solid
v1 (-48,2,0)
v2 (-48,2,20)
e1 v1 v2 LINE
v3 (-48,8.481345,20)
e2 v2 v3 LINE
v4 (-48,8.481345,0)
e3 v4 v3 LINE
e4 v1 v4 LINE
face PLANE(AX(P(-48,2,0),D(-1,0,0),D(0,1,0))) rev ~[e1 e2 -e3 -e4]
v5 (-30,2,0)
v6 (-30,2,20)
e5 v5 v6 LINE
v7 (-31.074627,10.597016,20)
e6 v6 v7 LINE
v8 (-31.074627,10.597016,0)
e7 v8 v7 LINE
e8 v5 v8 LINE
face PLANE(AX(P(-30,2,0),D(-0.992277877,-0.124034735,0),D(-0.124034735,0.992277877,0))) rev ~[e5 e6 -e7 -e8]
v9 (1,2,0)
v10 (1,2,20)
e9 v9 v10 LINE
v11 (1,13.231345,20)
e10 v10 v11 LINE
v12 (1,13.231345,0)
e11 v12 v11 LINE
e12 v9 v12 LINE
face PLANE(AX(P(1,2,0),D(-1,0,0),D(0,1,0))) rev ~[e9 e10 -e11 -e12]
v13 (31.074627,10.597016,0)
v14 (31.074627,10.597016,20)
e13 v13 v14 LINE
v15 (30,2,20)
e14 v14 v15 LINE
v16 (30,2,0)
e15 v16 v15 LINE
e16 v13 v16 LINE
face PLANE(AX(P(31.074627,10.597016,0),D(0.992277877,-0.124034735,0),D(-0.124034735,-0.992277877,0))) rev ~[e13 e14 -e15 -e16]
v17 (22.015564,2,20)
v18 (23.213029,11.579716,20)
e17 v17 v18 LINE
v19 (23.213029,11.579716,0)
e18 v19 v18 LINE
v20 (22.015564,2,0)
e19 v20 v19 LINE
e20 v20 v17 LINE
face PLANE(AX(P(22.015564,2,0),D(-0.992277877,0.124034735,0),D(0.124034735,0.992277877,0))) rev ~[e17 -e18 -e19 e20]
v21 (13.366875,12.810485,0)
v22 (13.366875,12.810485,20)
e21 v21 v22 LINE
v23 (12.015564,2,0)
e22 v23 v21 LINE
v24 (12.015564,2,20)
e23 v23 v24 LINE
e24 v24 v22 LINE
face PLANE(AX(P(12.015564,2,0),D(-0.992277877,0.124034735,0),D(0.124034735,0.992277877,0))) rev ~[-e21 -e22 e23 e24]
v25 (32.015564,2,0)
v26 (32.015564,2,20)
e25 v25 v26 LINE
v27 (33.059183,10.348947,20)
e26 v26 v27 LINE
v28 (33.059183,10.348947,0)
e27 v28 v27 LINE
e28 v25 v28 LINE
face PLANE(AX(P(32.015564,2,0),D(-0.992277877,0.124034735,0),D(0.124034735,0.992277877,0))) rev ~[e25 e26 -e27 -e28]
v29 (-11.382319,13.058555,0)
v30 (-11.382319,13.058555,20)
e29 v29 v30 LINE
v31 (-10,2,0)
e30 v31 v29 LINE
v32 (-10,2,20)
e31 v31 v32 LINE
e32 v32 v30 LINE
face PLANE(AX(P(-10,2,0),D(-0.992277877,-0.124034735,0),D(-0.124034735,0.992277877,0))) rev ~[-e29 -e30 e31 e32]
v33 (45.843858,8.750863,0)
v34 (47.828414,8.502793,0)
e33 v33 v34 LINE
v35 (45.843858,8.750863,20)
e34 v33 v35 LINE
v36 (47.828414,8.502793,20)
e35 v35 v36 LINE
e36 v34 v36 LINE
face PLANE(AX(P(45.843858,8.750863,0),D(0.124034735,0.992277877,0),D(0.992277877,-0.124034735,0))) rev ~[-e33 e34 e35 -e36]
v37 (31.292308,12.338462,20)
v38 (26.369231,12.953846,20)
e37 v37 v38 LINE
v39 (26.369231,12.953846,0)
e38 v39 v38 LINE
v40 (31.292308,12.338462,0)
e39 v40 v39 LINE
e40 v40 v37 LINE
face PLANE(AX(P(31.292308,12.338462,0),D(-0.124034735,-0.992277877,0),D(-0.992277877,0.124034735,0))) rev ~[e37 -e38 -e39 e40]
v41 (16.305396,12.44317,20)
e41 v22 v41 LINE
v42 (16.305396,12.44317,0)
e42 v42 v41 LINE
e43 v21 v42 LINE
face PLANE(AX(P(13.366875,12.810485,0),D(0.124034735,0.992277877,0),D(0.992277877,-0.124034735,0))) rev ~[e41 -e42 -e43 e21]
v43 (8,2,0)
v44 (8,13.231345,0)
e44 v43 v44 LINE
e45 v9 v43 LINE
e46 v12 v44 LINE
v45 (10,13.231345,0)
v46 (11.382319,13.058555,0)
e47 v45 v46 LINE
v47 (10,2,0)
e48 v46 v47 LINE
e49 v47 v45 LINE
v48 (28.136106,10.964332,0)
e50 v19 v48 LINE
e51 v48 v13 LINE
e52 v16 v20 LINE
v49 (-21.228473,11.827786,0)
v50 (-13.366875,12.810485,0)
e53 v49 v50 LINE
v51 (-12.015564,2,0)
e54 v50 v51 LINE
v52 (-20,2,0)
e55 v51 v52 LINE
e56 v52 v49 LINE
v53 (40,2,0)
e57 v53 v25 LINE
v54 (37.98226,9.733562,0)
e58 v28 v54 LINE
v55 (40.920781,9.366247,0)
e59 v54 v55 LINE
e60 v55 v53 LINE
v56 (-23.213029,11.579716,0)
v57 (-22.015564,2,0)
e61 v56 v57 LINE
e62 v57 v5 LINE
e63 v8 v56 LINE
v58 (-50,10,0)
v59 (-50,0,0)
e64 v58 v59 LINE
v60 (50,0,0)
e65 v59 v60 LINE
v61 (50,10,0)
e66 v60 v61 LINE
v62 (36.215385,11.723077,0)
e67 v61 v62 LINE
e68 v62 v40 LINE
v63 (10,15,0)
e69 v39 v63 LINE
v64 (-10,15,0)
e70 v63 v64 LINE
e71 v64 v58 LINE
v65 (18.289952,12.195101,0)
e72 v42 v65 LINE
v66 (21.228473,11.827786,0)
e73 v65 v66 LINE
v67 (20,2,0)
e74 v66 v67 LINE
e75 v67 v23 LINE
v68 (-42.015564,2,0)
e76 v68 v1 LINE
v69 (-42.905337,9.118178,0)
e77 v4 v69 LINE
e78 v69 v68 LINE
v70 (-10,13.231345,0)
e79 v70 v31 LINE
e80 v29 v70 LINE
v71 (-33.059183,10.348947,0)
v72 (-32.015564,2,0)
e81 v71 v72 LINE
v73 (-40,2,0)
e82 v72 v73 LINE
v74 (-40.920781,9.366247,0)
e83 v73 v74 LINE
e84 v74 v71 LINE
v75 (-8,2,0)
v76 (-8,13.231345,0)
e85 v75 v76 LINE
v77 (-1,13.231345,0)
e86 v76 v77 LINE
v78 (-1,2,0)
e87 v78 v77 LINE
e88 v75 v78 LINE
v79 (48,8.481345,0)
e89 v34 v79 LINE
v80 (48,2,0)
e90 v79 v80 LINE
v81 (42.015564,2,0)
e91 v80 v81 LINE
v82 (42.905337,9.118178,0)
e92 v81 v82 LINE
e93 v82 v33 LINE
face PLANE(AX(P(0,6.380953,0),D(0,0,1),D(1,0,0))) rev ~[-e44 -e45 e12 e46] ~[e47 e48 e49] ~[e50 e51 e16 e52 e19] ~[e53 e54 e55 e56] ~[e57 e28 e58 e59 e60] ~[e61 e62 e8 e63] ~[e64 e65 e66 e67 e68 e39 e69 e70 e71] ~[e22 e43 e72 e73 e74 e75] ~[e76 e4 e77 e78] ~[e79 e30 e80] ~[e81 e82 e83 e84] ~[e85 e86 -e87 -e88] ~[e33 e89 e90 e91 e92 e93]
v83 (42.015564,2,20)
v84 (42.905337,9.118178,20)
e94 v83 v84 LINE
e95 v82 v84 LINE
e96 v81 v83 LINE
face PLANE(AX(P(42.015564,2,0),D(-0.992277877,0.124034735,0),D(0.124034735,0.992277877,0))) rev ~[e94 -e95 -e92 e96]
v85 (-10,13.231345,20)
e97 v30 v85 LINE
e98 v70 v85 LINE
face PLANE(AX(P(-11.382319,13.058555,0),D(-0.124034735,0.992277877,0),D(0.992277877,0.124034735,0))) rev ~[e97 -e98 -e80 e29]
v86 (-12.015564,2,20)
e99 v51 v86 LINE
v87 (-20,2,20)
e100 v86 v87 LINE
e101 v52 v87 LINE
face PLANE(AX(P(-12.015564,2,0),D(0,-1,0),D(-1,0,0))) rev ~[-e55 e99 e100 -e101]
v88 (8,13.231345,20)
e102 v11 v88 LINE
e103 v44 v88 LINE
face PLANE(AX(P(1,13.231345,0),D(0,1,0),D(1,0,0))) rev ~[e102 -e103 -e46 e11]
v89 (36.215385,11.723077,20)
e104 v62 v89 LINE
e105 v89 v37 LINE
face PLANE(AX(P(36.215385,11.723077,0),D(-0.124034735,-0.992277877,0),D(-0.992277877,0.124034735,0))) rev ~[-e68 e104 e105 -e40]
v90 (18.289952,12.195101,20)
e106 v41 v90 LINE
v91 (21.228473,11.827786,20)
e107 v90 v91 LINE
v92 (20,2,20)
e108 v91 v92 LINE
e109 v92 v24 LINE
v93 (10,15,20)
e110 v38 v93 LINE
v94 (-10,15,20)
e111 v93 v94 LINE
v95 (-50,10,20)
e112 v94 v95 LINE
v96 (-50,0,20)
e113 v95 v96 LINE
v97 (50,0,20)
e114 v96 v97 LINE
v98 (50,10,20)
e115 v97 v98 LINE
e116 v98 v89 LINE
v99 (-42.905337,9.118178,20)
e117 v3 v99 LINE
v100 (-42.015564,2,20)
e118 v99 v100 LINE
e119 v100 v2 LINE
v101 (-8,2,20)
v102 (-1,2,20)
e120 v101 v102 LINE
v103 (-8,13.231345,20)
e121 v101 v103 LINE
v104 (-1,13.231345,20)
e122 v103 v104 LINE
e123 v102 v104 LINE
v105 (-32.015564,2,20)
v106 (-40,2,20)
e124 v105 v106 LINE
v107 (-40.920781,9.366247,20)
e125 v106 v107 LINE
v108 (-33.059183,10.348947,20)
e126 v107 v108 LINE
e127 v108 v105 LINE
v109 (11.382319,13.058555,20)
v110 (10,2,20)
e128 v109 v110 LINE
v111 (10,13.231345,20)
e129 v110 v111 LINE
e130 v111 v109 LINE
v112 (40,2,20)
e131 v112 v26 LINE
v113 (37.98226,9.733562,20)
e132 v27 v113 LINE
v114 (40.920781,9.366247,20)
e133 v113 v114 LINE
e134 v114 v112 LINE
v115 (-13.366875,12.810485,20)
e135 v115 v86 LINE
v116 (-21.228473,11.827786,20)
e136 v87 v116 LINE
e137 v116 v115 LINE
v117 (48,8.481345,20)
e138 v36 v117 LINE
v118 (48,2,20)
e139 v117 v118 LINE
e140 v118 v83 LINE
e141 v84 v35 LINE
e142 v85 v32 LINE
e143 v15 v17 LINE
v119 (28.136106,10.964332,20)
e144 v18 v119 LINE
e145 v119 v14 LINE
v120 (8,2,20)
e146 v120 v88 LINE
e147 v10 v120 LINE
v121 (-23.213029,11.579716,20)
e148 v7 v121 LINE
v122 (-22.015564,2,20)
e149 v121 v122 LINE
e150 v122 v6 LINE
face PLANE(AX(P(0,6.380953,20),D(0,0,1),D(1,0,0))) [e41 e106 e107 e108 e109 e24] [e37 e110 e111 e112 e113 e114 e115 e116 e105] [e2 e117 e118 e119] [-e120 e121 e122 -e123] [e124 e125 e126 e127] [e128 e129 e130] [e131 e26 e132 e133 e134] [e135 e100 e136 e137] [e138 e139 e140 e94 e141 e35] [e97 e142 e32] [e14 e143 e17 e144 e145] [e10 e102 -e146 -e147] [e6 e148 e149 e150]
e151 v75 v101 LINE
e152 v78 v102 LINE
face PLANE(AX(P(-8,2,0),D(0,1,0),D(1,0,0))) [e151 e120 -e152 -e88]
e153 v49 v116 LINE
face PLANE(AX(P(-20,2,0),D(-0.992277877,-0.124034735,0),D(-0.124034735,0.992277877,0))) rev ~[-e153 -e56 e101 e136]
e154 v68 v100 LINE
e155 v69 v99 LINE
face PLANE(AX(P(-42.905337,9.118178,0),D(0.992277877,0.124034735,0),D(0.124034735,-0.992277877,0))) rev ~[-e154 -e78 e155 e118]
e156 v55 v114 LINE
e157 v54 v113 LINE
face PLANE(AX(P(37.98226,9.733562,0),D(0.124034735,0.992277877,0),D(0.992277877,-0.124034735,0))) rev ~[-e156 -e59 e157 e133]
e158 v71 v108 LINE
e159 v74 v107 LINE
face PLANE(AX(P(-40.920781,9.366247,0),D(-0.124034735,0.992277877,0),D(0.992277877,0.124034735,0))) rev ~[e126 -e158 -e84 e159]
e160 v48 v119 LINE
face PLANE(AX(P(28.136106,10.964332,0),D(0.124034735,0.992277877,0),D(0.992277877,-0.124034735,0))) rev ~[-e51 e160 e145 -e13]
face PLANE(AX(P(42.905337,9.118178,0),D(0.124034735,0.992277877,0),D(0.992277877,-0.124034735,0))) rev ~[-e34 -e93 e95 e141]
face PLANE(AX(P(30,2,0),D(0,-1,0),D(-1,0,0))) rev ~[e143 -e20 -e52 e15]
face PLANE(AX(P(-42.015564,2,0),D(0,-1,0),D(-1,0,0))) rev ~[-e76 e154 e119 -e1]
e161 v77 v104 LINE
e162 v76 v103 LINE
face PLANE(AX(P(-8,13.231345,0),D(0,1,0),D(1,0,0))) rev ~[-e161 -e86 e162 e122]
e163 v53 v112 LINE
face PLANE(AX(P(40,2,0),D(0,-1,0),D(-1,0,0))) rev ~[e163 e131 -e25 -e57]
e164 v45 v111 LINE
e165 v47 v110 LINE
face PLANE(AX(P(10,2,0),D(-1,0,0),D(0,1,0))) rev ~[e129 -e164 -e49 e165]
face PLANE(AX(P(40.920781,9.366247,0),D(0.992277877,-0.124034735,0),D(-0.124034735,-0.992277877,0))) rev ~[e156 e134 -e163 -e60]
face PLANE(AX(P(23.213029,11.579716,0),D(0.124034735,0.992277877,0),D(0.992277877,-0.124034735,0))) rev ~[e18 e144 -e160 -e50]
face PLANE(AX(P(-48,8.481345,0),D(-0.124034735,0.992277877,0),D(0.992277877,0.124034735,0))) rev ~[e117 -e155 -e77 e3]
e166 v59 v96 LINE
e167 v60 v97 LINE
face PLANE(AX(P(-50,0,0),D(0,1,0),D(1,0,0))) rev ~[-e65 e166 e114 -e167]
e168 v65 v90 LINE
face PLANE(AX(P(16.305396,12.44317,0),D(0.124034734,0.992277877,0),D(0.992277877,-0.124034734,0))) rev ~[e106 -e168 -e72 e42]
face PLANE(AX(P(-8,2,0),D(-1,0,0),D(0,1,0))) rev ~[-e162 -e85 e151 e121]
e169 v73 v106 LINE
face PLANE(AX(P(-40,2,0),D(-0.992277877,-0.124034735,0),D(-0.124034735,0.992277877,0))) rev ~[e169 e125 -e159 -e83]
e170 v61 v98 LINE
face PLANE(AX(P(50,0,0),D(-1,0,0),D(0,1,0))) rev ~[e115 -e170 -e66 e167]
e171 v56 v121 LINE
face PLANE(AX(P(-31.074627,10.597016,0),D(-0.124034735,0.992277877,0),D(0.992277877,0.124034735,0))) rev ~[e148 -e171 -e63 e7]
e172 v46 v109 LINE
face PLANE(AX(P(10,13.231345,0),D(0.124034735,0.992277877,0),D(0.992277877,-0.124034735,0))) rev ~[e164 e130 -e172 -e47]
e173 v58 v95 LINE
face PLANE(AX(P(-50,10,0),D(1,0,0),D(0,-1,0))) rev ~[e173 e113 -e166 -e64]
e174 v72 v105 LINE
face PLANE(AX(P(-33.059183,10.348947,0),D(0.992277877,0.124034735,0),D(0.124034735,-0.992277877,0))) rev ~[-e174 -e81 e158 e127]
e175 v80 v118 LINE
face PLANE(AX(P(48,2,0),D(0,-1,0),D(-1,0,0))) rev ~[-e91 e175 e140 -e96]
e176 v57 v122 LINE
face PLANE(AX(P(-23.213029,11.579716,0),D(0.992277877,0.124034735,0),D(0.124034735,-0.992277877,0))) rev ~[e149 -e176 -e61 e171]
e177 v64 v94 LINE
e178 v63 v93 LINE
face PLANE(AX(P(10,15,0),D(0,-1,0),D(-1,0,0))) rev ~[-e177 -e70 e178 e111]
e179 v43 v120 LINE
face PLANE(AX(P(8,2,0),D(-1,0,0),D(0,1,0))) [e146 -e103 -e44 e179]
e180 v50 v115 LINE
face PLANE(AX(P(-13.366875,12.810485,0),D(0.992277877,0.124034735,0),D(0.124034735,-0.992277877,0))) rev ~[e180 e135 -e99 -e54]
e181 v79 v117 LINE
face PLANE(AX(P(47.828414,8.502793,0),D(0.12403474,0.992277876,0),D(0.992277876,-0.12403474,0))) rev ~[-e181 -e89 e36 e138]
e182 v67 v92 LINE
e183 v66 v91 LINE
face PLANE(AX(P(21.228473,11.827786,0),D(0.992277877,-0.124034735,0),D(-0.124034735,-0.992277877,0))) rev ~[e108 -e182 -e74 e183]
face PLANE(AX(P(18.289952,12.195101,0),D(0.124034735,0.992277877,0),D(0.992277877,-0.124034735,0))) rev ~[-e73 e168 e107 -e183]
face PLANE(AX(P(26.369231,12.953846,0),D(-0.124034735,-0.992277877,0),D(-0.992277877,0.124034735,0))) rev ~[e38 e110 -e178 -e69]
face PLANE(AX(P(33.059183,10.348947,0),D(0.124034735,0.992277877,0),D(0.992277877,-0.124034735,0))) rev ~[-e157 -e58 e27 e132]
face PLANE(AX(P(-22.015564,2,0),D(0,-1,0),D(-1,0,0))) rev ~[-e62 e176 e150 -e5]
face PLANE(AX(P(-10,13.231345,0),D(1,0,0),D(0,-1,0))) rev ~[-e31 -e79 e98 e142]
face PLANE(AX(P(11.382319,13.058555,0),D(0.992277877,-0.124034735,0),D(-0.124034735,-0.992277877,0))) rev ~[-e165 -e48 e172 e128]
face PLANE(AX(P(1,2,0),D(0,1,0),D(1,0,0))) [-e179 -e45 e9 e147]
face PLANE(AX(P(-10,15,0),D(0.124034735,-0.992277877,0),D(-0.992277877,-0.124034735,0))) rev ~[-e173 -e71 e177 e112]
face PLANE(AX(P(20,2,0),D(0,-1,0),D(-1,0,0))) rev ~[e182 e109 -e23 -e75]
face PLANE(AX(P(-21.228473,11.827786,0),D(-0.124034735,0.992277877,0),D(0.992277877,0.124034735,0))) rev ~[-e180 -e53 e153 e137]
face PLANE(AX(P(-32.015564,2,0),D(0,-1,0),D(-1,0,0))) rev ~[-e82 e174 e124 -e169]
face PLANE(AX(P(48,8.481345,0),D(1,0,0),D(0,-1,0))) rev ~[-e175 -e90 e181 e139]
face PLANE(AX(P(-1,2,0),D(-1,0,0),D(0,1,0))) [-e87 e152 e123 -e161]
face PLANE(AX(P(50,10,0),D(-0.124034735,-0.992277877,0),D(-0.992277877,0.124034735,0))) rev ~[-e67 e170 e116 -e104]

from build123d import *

# Parameters (mm, degrees)
SKETCH1_W           = 7
SKETCH1_H           = 11.231344736
BOSS_EXTRUDE1_DEPTH = 20


with BuildPart() as part:
    # Sketch1 → Boss-Extrude1 (new body)
    with BuildSketch(Plane.XY):
        Polygon((50, 0), (50, 10), (36.215384615, 11.723076923), (31.292307692, 12.338461538), (26.369230769, 12.953846154), (10, 15), (-10, 15), (-50, 10), (-50, 0), align=None)
        Polygon((-42.015564437, 2), (-48, 2), (-48, 8.481344736), (-42.905336644, 9.118177656), align=None, mode=Mode.SUBTRACT)
        Polygon((-40.920780891, 9.366247125), (-33.059182798, 10.348946887), (-32.015564437, 2), (-40, 2), align=None, mode=Mode.SUBTRACT)
        Polygon((-31.074627044, 10.597016356), (-23.213028952, 11.579716117), (-22.015564437, 2), (-30, 2), align=None, mode=Mode.SUBTRACT)
        Polygon((-21.228473198, 11.827785587), (-13.366875106, 12.810485348), (-12.015564437, 2), (-20, 2), align=None, mode=Mode.SUBTRACT)
        Polygon((15, 2), (12.015564437, 2), (13.366875106, 12.810485348), (16.305396275, 12.443170202), (18.289952029, 12.195100733), (21.228473198, 11.827785587), (20, 2), (17.015564437, 2), align=None, mode=Mode.SUBTRACT)
        Polygon((47.828413567, 8.502793041), (48, 8.481344736), (48, 2), (47.015564437, 2), (45, 2), (42.015564437, 2), (42.905336644, 9.118177656), (45.843857814, 8.75086251), align=None, mode=Mode.SUBTRACT)
        Polygon((37.015564437, 2), (32.015564437, 2), (33.059182798, 10.348946887), (37.982259721, 9.733562271), (40.920780891, 9.366247125), (40, 2), align=None, mode=Mode.SUBTRACT)
        Polygon((27.015564437, 2), (22.015564437, 2), (23.213028952, 11.579716117), (28.136105875, 10.964331502), (31.074627044, 10.597016356), (30, 2), align=None, mode=Mode.SUBTRACT)
        Polygon((-10, 2), (-11.382319352, 13.058554817), (-10, 13.231344736), align=None, mode=Mode.SUBTRACT)
        with Locations((-4.5, 7.615672368)):
            Rectangle(SKETCH1_W, SKETCH1_H, mode=Mode.SUBTRACT)
        with Locations((4.5, 7.615672368)):
            Rectangle(SKETCH1_W, SKETCH1_H, mode=Mode.SUBTRACT)
        Polygon((10, 2), (10, 13.231344736), (11.382319352, 13.058554817), align=None, mode=Mode.SUBTRACT)
    extrude(amount=BOSS_EXTRUDE1_DEPTH)


solid = part.part
